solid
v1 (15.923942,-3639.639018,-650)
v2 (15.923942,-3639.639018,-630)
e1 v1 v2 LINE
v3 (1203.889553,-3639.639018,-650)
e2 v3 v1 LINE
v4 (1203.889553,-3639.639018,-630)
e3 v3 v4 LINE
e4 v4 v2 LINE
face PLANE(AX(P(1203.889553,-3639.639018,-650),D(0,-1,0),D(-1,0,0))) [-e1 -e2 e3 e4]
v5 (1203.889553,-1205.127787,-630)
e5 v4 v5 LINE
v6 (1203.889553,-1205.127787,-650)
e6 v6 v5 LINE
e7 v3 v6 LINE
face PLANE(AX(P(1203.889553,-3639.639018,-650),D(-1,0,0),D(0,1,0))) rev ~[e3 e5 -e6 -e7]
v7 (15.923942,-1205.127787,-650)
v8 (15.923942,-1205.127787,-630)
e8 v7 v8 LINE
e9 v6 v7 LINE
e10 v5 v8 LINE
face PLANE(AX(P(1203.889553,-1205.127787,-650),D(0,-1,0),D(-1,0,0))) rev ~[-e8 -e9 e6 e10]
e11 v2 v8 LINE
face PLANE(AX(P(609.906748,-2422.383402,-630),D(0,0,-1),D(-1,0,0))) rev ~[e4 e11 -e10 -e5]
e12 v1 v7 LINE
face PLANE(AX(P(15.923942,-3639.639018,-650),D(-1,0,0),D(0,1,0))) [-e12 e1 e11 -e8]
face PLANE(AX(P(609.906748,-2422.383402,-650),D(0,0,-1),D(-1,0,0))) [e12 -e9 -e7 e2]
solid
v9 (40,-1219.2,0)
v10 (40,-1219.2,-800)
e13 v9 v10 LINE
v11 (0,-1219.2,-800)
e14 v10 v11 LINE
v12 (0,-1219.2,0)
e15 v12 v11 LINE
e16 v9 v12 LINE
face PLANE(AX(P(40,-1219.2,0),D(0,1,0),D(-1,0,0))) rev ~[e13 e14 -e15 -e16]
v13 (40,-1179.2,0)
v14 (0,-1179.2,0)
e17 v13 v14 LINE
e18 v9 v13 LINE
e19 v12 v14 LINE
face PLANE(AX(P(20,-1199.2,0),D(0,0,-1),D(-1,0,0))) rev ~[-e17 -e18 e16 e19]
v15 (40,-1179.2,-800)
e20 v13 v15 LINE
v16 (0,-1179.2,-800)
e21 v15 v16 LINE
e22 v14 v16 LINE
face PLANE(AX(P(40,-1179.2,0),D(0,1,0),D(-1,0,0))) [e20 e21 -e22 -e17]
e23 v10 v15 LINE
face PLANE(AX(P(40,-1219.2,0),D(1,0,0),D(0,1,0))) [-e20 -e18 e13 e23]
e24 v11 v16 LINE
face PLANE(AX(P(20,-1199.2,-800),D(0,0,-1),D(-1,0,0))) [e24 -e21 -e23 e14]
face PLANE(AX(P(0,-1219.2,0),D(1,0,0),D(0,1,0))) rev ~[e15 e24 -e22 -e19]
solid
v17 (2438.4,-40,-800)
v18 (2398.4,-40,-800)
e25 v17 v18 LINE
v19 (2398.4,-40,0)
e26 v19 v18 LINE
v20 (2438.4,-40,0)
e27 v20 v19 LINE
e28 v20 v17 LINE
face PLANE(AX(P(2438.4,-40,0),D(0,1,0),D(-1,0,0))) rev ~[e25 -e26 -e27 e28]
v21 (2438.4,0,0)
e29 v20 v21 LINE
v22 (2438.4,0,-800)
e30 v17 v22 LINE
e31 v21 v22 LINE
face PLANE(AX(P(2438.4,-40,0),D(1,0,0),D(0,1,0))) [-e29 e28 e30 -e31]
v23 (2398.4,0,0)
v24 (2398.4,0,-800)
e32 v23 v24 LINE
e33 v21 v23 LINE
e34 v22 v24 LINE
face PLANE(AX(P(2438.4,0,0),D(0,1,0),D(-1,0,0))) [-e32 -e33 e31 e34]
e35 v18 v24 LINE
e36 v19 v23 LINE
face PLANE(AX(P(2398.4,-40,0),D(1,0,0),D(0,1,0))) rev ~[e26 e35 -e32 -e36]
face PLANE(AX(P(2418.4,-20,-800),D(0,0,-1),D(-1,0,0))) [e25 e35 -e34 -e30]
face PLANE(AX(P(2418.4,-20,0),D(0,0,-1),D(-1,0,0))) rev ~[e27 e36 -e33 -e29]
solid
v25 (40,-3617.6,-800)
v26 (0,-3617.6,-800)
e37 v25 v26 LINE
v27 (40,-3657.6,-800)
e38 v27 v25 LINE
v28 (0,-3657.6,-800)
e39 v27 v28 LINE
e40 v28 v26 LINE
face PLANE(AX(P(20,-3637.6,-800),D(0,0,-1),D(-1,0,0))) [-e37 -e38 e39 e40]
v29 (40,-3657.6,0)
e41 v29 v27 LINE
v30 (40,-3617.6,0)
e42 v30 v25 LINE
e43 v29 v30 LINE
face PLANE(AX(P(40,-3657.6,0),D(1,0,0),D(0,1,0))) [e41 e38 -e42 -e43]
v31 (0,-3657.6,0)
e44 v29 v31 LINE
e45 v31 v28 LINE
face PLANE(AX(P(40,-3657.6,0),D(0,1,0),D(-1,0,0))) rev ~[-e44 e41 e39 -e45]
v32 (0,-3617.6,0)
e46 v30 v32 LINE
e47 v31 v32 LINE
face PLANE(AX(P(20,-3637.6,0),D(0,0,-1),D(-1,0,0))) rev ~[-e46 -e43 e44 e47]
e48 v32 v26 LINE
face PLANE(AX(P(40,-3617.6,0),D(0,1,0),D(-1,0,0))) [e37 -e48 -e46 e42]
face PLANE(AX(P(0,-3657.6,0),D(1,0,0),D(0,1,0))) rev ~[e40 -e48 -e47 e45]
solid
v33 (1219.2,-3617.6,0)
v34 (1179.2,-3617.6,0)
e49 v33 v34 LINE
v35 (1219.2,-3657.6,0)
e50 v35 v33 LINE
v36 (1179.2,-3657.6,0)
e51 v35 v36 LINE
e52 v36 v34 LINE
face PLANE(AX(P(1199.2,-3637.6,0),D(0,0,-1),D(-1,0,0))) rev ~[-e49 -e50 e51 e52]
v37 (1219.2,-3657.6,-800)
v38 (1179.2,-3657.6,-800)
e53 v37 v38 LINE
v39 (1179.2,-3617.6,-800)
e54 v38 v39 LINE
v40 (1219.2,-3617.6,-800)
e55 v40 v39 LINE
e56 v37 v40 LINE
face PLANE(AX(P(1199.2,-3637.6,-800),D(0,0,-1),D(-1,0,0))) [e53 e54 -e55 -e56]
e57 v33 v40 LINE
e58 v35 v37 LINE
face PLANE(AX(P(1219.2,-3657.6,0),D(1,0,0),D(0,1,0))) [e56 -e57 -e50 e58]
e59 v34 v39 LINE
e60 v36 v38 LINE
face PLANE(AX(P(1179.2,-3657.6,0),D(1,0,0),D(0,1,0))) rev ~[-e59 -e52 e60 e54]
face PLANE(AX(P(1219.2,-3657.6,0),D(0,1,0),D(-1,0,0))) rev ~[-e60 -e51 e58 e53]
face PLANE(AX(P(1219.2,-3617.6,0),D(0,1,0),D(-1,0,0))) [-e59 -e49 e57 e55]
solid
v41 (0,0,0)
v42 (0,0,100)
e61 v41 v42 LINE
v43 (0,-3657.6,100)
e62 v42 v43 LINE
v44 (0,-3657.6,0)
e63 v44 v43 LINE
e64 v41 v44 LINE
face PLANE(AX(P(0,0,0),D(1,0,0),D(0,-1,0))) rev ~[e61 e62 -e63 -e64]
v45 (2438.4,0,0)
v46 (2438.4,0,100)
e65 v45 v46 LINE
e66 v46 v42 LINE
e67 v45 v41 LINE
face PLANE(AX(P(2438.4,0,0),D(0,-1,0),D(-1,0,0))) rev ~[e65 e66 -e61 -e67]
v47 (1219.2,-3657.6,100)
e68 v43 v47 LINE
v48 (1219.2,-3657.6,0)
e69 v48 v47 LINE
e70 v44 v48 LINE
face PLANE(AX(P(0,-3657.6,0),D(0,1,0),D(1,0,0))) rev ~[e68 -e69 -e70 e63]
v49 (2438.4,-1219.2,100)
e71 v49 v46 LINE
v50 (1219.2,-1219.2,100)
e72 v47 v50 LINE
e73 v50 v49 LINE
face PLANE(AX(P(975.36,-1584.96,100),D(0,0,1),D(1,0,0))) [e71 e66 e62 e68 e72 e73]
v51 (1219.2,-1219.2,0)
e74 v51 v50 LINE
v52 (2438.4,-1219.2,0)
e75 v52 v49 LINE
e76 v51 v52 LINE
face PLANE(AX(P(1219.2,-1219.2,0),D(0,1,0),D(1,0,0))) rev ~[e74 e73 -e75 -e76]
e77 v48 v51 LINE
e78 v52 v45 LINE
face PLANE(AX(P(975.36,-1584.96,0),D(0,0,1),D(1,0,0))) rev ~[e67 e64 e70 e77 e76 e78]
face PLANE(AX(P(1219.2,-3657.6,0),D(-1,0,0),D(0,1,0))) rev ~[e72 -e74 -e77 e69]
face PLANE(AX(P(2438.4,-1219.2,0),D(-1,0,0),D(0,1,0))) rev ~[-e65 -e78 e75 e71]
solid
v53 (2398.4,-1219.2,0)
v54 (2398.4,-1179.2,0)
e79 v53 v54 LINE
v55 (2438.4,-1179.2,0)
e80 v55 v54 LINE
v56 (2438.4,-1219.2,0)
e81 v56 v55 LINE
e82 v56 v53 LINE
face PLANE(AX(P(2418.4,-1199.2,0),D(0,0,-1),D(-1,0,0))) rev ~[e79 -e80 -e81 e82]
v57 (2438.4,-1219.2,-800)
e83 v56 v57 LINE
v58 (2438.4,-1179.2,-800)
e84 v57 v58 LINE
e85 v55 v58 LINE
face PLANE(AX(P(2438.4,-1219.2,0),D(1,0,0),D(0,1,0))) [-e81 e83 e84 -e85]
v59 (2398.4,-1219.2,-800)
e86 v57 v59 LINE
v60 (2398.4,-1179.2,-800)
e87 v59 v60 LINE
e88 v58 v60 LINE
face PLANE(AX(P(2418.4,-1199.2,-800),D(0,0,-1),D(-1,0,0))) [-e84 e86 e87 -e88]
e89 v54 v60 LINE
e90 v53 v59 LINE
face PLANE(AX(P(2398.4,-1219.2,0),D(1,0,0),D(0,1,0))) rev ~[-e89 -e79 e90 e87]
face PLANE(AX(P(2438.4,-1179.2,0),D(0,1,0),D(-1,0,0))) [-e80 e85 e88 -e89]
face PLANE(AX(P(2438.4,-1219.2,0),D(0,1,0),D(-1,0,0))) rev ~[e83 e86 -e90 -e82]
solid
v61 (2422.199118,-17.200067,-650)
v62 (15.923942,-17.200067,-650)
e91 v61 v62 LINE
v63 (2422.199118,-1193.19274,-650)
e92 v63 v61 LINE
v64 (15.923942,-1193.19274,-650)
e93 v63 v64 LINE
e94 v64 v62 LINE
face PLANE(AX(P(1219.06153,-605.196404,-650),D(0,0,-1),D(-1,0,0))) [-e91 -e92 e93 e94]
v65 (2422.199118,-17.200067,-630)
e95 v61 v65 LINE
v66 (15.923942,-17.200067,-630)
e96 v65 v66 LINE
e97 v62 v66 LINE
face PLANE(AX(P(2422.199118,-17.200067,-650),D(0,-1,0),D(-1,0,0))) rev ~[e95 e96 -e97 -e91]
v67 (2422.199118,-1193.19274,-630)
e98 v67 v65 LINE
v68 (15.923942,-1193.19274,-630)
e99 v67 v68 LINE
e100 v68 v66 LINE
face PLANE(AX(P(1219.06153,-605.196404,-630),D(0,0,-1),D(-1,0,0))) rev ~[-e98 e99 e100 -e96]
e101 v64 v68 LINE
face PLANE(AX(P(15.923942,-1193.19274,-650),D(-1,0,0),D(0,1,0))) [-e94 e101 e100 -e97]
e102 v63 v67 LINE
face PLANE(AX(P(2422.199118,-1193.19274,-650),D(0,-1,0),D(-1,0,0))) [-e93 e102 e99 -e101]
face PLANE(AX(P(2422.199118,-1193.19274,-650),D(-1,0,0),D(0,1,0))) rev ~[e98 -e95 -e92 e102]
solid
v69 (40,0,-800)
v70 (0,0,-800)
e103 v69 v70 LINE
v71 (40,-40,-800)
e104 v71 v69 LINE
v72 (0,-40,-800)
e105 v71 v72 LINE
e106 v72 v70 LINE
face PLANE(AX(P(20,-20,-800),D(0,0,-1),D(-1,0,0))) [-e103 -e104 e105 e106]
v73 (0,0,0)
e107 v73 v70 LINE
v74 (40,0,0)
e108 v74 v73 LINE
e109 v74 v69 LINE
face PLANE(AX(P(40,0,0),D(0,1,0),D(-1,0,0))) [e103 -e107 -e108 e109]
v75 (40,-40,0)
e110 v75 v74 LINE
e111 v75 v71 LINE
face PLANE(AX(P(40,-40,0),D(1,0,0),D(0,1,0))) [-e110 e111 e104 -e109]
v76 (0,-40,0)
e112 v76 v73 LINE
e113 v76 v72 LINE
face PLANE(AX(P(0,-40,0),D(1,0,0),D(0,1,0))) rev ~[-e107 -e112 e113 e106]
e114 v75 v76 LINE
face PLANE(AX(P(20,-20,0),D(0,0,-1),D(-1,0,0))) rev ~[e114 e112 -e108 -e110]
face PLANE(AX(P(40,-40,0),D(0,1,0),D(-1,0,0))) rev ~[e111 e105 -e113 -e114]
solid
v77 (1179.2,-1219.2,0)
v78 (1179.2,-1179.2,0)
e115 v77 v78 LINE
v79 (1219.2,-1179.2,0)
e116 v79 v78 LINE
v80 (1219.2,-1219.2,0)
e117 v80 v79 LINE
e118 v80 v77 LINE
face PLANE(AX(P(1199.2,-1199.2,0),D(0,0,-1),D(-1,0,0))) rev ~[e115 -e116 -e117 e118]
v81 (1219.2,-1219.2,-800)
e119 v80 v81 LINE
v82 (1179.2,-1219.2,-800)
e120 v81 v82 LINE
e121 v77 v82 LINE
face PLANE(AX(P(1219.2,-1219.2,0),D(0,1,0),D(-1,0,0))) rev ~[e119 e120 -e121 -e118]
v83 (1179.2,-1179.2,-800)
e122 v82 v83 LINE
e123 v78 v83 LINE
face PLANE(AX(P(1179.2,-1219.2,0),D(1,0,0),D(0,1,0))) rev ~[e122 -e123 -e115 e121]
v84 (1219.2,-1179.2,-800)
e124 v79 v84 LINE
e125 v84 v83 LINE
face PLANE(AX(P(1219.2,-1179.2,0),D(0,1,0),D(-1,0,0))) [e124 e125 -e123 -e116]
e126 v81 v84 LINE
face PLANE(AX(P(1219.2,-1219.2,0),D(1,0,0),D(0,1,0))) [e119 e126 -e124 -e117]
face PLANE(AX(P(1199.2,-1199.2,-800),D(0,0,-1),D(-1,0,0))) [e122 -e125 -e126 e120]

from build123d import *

# Parameters (mm, degrees)
BOSS_EXTRUDE1_DEPTH   = 100
SKETCH4_W             = 40
SKETCH4_H             = 40
BOSS_EXTRUDE2_DEPTH   = 800
BOSS_EXTRUDE2_2_DEPTH = 800
BOSS_EXTRUDE2_3_DEPTH = 800
BOSS_EXTRUDE2_4_DEPTH = 800
BOSS_EXTRUDE2_5_DEPTH = 800
BOSS_EXTRUDE2_6_DEPTH = 800
BOSS_EXTRUDE2_7_DEPTH = 800
SKETCH6_W             = 1187.965611175
SKETCH6_H             = 2434.511231257
BOSS_EXTRUDE3_DEPTH   = 20
SKETCH6_W_2           = 2406.275176363
SKETCH6_H_2           = 1175.992672809
BOSS_EXTRUDE3_2_DEPTH = 20


with BuildPart() as part:
    # Sketch3 → Boss-Extrude1 (new body)
    with BuildSketch(Plane.XY):
        Polygon((2438.4, -1219.2), (2438.4, 0), (0, 0), (0, -3657.6), (1219.2, -3657.6), (1219.2, -1219.2), align=None)
    extrude(amount=BOSS_EXTRUDE1_DEPTH)


with BuildPart() as body_2:
    # Sketch4 → Boss-Extrude2 (new body)
    with BuildSketch(Plane(origin=(0, 0, 0), x_dir=(-1, 0, 0), z_dir=(0, 0, -1))):
        with Locations((-2418.4, -20)):
            Rectangle(SKETCH4_W, SKETCH4_H)
    extrude(amount=BOSS_EXTRUDE2_DEPTH)


with BuildPart() as body_3:
    # Sketch4 → Boss-Extrude2 2 (new body)
    with BuildSketch(Plane(origin=(0, 0, 0), x_dir=(-1, 0, 0), z_dir=(0, 0, -1))):
        with Locations((-20, -3637.6)):
            Rectangle(SKETCH4_W, SKETCH4_H)
    extrude(amount=BOSS_EXTRUDE2_2_DEPTH)


with BuildPart() as body_4:
    # Sketch4 → Boss-Extrude2 3 (new body)
    with BuildSketch(Plane(origin=(0, 0, 0), x_dir=(-1, 0, 0), z_dir=(0, 0, -1))):
        with Locations((-20, -20)):
            Rectangle(SKETCH4_W, SKETCH4_H)
    extrude(amount=BOSS_EXTRUDE2_3_DEPTH)


with BuildPart() as body_5:
    # Sketch4 → Boss-Extrude2 4 (new body)
    with BuildSketch(Plane(origin=(0, 0, 0), x_dir=(-1, 0, 0), z_dir=(0, 0, -1))):
        with Locations((-1199.2, -3637.6)):
            Rectangle(SKETCH4_W, SKETCH4_H)
    extrude(amount=BOSS_EXTRUDE2_4_DEPTH)


with BuildPart() as body_6:
    # Sketch4 → Boss-Extrude2 5 (new body)
    with BuildSketch(Plane(origin=(0, 0, 0), x_dir=(-1, 0, 0), z_dir=(0, 0, -1))):
        with Locations((-1199.2, -1199.2)):
            Rectangle(SKETCH4_W, SKETCH4_H)
    extrude(amount=BOSS_EXTRUDE2_5_DEPTH)


with BuildPart() as body_7:
    # Sketch4 → Boss-Extrude2 6 (new body)
    with BuildSketch(Plane(origin=(0, 0, 0), x_dir=(-1, 0, 0), z_dir=(0, 0, -1))):
        with Locations((-2418.4, -1199.2)):
            Rectangle(SKETCH4_W, SKETCH4_H)
    extrude(amount=BOSS_EXTRUDE2_6_DEPTH)


with BuildPart() as body_8:
    # Sketch4 → Boss-Extrude2 7 (new body)
    with BuildSketch(Plane(origin=(0, 0, 0), x_dir=(-1, 0, 0), z_dir=(0, 0, -1))):
        with Locations((-20, -1199.2)):
            Rectangle(SKETCH4_W, SKETCH4_H)
    extrude(amount=BOSS_EXTRUDE2_7_DEPTH)


with BuildPart() as body_9:
    # Sketch6 → Boss-Extrude3 (new body)
    with BuildSketch(Plane(origin=(0, 0, -650), x_dir=(-1, 0, 0), z_dir=(0, 0, -1))):
        with Locations((-609.9067477, -2422.383402445)):
            Rectangle(SKETCH6_W, SKETCH6_H)
    extrude(amount=-BOSS_EXTRUDE3_DEPTH)


with BuildPart() as body_10:
    # Sketch6 → Boss-Extrude3 2 (new body)
    with BuildSketch(Plane(origin=(0, 0, -650), x_dir=(-1, 0, 0), z_dir=(0, 0, -1))):
        with Locations((-1219.061530294, -605.196403842)):
            Rectangle(SKETCH6_W_2, SKETCH6_H_2)
    extrude(amount=-BOSS_EXTRUDE3_2_DEPTH)


solid = Compound([part.part, body_2.part, body_3.part, body_4.part, body_5.part, body_6.part, body_7.part, body_8.part, body_9.part, body_10.part])
